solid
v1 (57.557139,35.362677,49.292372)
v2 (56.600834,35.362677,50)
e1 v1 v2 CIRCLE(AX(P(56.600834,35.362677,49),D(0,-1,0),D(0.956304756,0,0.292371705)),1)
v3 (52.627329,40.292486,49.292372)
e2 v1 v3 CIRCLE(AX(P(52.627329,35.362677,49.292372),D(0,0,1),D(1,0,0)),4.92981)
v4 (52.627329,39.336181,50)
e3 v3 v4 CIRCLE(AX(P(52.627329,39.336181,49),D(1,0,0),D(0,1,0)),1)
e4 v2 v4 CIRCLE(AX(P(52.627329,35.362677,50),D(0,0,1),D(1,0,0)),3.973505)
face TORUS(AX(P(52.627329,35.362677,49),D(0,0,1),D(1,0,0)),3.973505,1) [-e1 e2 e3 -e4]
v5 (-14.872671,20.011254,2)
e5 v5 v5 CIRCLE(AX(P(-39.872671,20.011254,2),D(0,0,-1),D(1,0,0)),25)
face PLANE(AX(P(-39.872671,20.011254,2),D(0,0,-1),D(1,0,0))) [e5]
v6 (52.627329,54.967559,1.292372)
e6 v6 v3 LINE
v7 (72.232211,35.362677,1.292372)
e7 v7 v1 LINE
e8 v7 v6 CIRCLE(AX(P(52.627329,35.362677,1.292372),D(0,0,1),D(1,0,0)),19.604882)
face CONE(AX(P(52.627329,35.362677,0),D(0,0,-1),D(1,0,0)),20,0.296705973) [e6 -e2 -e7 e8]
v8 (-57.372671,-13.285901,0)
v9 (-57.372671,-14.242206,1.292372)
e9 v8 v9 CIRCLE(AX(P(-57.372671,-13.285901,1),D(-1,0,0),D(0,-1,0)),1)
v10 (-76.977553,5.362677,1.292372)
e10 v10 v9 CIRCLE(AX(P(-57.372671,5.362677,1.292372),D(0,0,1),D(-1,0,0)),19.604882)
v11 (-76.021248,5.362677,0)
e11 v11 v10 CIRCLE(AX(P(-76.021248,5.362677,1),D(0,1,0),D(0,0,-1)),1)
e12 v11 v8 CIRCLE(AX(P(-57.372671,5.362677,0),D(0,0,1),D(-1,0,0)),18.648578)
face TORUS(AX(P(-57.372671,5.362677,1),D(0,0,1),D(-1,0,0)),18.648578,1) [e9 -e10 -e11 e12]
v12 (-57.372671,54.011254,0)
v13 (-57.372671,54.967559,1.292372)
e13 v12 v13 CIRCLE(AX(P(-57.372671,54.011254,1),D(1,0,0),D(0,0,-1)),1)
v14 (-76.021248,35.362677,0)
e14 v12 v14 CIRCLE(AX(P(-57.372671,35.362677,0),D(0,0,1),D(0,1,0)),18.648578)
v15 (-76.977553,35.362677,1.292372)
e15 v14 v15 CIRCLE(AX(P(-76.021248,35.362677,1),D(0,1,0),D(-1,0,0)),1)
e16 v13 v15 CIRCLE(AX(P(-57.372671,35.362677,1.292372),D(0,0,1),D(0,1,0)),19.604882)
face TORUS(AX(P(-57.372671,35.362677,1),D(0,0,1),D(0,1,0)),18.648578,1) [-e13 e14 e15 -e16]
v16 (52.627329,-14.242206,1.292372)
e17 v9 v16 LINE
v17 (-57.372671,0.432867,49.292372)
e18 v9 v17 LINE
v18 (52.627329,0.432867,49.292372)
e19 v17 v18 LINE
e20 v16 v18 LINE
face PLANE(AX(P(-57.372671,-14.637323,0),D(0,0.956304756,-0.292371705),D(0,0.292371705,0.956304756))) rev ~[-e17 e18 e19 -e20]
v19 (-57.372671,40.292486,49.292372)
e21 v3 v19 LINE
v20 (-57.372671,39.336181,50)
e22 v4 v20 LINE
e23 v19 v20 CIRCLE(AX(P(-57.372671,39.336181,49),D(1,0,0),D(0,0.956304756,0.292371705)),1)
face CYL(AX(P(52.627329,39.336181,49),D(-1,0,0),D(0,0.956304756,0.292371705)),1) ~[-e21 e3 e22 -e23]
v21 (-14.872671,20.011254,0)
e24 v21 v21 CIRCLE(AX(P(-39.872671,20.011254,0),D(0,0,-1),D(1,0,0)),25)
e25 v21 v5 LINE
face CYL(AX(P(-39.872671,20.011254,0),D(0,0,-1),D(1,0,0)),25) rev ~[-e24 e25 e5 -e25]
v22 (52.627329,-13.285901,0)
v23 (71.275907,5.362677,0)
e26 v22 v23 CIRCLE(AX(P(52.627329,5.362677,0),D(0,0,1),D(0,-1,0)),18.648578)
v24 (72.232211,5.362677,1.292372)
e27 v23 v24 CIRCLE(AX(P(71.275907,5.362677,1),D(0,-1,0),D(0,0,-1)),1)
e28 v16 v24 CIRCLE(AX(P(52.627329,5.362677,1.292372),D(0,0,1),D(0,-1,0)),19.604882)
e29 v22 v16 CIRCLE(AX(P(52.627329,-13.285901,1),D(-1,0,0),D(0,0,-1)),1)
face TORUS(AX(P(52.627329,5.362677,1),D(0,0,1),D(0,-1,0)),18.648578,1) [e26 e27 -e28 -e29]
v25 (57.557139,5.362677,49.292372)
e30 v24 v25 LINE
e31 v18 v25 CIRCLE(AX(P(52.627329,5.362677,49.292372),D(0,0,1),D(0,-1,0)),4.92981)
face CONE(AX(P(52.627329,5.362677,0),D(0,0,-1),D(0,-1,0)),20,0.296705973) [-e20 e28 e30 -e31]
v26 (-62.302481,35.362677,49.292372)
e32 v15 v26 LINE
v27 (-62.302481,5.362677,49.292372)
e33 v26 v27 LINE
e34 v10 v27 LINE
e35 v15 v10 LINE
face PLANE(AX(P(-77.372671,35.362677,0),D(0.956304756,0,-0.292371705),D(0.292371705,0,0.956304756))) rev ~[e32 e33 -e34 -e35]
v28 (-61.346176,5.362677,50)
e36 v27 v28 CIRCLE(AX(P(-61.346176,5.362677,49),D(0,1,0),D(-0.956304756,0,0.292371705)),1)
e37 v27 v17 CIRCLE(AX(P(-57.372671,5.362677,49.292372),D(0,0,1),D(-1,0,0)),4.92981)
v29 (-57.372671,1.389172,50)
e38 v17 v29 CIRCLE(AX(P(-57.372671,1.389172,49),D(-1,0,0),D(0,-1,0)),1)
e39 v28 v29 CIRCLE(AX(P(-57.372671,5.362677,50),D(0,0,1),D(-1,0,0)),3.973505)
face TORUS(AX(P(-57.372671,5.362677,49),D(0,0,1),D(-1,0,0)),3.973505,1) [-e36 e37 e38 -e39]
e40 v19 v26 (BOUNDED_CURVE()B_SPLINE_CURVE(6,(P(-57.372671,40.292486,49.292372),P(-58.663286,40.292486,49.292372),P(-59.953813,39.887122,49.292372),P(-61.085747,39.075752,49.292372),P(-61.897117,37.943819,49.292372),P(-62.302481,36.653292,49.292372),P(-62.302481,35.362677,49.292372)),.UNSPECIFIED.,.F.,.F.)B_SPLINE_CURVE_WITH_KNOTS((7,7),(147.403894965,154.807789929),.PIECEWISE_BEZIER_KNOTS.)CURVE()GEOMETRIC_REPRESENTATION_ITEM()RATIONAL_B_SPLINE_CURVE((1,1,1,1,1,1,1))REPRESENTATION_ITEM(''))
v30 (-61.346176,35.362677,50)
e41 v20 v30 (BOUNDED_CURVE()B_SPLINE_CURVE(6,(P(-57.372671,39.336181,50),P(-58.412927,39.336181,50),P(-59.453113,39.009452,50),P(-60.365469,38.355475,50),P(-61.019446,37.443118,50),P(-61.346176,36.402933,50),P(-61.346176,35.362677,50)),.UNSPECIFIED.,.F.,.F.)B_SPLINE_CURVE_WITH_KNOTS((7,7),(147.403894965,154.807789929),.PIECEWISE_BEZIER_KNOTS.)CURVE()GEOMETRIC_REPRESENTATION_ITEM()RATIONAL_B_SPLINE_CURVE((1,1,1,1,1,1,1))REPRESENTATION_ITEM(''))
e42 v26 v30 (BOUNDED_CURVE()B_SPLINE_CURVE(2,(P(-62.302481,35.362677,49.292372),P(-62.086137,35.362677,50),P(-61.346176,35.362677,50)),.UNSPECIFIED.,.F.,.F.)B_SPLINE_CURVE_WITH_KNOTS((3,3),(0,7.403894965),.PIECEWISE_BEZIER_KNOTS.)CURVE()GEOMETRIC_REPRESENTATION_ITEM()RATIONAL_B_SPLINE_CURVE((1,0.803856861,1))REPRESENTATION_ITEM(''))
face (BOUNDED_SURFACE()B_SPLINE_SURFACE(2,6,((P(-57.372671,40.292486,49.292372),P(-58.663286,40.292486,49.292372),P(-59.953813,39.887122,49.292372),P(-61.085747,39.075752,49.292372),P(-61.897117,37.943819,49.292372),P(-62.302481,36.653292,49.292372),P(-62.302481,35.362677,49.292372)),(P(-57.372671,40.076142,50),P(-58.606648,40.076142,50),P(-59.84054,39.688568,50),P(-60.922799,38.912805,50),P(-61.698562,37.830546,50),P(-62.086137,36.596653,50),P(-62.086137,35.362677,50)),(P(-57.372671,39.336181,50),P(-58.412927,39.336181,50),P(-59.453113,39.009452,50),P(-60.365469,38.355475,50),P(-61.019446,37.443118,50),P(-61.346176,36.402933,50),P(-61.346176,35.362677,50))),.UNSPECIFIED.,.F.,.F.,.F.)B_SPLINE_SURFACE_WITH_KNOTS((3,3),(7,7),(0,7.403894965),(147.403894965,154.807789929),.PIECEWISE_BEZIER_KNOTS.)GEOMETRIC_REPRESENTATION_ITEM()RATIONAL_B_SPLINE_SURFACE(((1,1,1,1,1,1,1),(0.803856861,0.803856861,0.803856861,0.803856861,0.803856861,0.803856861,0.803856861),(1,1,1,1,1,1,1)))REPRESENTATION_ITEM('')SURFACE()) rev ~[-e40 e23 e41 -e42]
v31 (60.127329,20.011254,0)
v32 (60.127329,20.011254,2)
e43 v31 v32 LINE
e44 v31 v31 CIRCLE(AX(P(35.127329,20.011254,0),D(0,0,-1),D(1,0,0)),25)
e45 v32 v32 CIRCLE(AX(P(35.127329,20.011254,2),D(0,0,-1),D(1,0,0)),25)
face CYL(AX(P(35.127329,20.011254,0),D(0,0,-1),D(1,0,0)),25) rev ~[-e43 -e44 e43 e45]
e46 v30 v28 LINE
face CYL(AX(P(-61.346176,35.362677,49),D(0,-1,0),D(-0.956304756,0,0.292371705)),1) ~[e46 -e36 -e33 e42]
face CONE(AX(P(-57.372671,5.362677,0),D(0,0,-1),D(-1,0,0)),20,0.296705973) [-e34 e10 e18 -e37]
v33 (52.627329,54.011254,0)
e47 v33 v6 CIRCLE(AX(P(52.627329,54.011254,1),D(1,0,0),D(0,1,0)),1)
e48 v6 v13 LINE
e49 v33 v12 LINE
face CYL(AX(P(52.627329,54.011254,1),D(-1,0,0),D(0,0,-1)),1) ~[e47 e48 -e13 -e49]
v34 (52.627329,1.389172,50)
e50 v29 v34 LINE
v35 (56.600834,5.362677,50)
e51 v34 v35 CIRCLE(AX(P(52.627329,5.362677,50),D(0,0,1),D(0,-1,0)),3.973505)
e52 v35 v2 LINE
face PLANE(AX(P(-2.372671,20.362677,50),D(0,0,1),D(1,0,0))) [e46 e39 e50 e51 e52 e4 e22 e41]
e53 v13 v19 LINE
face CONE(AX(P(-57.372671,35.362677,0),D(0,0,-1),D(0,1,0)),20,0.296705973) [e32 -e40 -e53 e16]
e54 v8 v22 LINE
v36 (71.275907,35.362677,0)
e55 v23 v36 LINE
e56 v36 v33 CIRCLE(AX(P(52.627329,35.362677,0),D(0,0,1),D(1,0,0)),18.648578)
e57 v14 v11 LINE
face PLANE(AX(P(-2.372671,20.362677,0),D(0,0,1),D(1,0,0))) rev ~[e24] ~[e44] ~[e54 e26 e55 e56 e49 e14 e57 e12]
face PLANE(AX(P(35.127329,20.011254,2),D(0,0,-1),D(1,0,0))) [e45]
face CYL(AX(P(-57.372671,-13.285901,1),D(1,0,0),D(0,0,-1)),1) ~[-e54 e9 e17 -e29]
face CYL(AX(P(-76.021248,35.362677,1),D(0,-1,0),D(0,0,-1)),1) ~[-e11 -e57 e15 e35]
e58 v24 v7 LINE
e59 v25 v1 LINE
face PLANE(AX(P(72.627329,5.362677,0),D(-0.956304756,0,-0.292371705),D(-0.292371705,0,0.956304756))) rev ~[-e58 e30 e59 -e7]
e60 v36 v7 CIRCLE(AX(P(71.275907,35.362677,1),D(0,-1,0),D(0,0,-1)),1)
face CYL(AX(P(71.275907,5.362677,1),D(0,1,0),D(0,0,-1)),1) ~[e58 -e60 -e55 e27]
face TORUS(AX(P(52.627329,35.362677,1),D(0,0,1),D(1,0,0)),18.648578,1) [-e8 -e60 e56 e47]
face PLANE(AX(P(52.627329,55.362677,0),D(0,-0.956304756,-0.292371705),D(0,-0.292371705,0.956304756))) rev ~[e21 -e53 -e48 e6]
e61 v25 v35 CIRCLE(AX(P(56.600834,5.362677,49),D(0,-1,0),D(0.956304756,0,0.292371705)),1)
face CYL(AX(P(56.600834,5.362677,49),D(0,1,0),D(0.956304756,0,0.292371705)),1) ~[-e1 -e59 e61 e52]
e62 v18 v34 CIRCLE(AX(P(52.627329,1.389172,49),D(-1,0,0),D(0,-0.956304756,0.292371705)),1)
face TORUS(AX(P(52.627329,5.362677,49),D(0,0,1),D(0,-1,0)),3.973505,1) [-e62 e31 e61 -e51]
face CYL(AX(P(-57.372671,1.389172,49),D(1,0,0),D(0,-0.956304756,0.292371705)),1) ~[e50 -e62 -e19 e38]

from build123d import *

# Parameters (mm, degrees)
F1_DEPTH = 50
F1_TAPER = 17
F2_R     = 1
F3_R     = 25
F4_DEPTH = 2


with BuildPart() as f1:
    # F0 (on Top) → F1 (new body)
    with BuildSketch(Plane.XY):
        with BuildLine():
            Line((52.6273290813, 55.3626765174), (-57.3726709187, 55.3626765174))
            ThreePointArc((-57.3726709187, 55.3626765174), (-71.5148065424, 49.5048121412), (-77.3726709187, 35.3626765174))
            Line((-77.3726709187, 35.3626765174), (-77.3726709187, 5.3626765174))
            ThreePointArc((-77.3726709187, 5.3626765174), (-71.5148065424, -8.7794591063), (-57.3726709187, -14.6373234826))
            Line((-57.3726709187, -14.6373234826), (52.6273290813, -14.6373234826))
            ThreePointArc((52.6273290813, -14.6373234826), (66.769464705, -8.7794591063), (72.6273290813, 5.3626765174))
            Line((72.6273290813, 5.3626765174), (72.6273290813, 35.3626765174))
            ThreePointArc((72.6273290813, 35.3626765174), (66.769464705, 49.5048121412), (52.6273290813, 55.3626765174))
        make_face()
    extrude(amount=F1_DEPTH, taper=F1_TAPER)

    # F2
    f2_edges = [f1.edges().sort_by_distance(p)[0] for p in [
        (72.627329, 20.362677, 0),
        (66.769465, 49.504812, 0),
        (-2.372671, 55.362677, 0),
        (-71.514807, 49.504812, 0),
        (-77.372671, 20.362677, 0),
        (-71.514807, -8.779459, 0),
        (-2.372671, -14.637323, 0),
        (66.769465, -8.779459, 0),
        (57.340795, 20.362677, 50),
        (55.960253, 38.6956, 50),
        (-2.372671, 40.076142, 50),
        (-60.705595, 38.6956, 50),
        (-62.086137, 20.362677, 50),
        (-60.705595, 2.029753, 50),
        (-2.372671, 0.649211, 50),
        (55.960253, 2.029753, 50),
    ]]
    fillet(f2_edges, radius=F2_R)

    # F3 (on face) → F4 (cut)
    with BuildSketch(Plane(origin=(0, 0, 0), x_dir=(1, 0, 0), z_dir=(0, 0, -1))):
        with Locations((35.1273290813, -20.0112540795)):
            Circle(F3_R)
        with Locations((-39.8726709187, -20.0112540795)):
            Circle(F3_R)
    extrude(amount=-F4_DEPTH, mode=Mode.SUBTRACT)


solid = f1.part
